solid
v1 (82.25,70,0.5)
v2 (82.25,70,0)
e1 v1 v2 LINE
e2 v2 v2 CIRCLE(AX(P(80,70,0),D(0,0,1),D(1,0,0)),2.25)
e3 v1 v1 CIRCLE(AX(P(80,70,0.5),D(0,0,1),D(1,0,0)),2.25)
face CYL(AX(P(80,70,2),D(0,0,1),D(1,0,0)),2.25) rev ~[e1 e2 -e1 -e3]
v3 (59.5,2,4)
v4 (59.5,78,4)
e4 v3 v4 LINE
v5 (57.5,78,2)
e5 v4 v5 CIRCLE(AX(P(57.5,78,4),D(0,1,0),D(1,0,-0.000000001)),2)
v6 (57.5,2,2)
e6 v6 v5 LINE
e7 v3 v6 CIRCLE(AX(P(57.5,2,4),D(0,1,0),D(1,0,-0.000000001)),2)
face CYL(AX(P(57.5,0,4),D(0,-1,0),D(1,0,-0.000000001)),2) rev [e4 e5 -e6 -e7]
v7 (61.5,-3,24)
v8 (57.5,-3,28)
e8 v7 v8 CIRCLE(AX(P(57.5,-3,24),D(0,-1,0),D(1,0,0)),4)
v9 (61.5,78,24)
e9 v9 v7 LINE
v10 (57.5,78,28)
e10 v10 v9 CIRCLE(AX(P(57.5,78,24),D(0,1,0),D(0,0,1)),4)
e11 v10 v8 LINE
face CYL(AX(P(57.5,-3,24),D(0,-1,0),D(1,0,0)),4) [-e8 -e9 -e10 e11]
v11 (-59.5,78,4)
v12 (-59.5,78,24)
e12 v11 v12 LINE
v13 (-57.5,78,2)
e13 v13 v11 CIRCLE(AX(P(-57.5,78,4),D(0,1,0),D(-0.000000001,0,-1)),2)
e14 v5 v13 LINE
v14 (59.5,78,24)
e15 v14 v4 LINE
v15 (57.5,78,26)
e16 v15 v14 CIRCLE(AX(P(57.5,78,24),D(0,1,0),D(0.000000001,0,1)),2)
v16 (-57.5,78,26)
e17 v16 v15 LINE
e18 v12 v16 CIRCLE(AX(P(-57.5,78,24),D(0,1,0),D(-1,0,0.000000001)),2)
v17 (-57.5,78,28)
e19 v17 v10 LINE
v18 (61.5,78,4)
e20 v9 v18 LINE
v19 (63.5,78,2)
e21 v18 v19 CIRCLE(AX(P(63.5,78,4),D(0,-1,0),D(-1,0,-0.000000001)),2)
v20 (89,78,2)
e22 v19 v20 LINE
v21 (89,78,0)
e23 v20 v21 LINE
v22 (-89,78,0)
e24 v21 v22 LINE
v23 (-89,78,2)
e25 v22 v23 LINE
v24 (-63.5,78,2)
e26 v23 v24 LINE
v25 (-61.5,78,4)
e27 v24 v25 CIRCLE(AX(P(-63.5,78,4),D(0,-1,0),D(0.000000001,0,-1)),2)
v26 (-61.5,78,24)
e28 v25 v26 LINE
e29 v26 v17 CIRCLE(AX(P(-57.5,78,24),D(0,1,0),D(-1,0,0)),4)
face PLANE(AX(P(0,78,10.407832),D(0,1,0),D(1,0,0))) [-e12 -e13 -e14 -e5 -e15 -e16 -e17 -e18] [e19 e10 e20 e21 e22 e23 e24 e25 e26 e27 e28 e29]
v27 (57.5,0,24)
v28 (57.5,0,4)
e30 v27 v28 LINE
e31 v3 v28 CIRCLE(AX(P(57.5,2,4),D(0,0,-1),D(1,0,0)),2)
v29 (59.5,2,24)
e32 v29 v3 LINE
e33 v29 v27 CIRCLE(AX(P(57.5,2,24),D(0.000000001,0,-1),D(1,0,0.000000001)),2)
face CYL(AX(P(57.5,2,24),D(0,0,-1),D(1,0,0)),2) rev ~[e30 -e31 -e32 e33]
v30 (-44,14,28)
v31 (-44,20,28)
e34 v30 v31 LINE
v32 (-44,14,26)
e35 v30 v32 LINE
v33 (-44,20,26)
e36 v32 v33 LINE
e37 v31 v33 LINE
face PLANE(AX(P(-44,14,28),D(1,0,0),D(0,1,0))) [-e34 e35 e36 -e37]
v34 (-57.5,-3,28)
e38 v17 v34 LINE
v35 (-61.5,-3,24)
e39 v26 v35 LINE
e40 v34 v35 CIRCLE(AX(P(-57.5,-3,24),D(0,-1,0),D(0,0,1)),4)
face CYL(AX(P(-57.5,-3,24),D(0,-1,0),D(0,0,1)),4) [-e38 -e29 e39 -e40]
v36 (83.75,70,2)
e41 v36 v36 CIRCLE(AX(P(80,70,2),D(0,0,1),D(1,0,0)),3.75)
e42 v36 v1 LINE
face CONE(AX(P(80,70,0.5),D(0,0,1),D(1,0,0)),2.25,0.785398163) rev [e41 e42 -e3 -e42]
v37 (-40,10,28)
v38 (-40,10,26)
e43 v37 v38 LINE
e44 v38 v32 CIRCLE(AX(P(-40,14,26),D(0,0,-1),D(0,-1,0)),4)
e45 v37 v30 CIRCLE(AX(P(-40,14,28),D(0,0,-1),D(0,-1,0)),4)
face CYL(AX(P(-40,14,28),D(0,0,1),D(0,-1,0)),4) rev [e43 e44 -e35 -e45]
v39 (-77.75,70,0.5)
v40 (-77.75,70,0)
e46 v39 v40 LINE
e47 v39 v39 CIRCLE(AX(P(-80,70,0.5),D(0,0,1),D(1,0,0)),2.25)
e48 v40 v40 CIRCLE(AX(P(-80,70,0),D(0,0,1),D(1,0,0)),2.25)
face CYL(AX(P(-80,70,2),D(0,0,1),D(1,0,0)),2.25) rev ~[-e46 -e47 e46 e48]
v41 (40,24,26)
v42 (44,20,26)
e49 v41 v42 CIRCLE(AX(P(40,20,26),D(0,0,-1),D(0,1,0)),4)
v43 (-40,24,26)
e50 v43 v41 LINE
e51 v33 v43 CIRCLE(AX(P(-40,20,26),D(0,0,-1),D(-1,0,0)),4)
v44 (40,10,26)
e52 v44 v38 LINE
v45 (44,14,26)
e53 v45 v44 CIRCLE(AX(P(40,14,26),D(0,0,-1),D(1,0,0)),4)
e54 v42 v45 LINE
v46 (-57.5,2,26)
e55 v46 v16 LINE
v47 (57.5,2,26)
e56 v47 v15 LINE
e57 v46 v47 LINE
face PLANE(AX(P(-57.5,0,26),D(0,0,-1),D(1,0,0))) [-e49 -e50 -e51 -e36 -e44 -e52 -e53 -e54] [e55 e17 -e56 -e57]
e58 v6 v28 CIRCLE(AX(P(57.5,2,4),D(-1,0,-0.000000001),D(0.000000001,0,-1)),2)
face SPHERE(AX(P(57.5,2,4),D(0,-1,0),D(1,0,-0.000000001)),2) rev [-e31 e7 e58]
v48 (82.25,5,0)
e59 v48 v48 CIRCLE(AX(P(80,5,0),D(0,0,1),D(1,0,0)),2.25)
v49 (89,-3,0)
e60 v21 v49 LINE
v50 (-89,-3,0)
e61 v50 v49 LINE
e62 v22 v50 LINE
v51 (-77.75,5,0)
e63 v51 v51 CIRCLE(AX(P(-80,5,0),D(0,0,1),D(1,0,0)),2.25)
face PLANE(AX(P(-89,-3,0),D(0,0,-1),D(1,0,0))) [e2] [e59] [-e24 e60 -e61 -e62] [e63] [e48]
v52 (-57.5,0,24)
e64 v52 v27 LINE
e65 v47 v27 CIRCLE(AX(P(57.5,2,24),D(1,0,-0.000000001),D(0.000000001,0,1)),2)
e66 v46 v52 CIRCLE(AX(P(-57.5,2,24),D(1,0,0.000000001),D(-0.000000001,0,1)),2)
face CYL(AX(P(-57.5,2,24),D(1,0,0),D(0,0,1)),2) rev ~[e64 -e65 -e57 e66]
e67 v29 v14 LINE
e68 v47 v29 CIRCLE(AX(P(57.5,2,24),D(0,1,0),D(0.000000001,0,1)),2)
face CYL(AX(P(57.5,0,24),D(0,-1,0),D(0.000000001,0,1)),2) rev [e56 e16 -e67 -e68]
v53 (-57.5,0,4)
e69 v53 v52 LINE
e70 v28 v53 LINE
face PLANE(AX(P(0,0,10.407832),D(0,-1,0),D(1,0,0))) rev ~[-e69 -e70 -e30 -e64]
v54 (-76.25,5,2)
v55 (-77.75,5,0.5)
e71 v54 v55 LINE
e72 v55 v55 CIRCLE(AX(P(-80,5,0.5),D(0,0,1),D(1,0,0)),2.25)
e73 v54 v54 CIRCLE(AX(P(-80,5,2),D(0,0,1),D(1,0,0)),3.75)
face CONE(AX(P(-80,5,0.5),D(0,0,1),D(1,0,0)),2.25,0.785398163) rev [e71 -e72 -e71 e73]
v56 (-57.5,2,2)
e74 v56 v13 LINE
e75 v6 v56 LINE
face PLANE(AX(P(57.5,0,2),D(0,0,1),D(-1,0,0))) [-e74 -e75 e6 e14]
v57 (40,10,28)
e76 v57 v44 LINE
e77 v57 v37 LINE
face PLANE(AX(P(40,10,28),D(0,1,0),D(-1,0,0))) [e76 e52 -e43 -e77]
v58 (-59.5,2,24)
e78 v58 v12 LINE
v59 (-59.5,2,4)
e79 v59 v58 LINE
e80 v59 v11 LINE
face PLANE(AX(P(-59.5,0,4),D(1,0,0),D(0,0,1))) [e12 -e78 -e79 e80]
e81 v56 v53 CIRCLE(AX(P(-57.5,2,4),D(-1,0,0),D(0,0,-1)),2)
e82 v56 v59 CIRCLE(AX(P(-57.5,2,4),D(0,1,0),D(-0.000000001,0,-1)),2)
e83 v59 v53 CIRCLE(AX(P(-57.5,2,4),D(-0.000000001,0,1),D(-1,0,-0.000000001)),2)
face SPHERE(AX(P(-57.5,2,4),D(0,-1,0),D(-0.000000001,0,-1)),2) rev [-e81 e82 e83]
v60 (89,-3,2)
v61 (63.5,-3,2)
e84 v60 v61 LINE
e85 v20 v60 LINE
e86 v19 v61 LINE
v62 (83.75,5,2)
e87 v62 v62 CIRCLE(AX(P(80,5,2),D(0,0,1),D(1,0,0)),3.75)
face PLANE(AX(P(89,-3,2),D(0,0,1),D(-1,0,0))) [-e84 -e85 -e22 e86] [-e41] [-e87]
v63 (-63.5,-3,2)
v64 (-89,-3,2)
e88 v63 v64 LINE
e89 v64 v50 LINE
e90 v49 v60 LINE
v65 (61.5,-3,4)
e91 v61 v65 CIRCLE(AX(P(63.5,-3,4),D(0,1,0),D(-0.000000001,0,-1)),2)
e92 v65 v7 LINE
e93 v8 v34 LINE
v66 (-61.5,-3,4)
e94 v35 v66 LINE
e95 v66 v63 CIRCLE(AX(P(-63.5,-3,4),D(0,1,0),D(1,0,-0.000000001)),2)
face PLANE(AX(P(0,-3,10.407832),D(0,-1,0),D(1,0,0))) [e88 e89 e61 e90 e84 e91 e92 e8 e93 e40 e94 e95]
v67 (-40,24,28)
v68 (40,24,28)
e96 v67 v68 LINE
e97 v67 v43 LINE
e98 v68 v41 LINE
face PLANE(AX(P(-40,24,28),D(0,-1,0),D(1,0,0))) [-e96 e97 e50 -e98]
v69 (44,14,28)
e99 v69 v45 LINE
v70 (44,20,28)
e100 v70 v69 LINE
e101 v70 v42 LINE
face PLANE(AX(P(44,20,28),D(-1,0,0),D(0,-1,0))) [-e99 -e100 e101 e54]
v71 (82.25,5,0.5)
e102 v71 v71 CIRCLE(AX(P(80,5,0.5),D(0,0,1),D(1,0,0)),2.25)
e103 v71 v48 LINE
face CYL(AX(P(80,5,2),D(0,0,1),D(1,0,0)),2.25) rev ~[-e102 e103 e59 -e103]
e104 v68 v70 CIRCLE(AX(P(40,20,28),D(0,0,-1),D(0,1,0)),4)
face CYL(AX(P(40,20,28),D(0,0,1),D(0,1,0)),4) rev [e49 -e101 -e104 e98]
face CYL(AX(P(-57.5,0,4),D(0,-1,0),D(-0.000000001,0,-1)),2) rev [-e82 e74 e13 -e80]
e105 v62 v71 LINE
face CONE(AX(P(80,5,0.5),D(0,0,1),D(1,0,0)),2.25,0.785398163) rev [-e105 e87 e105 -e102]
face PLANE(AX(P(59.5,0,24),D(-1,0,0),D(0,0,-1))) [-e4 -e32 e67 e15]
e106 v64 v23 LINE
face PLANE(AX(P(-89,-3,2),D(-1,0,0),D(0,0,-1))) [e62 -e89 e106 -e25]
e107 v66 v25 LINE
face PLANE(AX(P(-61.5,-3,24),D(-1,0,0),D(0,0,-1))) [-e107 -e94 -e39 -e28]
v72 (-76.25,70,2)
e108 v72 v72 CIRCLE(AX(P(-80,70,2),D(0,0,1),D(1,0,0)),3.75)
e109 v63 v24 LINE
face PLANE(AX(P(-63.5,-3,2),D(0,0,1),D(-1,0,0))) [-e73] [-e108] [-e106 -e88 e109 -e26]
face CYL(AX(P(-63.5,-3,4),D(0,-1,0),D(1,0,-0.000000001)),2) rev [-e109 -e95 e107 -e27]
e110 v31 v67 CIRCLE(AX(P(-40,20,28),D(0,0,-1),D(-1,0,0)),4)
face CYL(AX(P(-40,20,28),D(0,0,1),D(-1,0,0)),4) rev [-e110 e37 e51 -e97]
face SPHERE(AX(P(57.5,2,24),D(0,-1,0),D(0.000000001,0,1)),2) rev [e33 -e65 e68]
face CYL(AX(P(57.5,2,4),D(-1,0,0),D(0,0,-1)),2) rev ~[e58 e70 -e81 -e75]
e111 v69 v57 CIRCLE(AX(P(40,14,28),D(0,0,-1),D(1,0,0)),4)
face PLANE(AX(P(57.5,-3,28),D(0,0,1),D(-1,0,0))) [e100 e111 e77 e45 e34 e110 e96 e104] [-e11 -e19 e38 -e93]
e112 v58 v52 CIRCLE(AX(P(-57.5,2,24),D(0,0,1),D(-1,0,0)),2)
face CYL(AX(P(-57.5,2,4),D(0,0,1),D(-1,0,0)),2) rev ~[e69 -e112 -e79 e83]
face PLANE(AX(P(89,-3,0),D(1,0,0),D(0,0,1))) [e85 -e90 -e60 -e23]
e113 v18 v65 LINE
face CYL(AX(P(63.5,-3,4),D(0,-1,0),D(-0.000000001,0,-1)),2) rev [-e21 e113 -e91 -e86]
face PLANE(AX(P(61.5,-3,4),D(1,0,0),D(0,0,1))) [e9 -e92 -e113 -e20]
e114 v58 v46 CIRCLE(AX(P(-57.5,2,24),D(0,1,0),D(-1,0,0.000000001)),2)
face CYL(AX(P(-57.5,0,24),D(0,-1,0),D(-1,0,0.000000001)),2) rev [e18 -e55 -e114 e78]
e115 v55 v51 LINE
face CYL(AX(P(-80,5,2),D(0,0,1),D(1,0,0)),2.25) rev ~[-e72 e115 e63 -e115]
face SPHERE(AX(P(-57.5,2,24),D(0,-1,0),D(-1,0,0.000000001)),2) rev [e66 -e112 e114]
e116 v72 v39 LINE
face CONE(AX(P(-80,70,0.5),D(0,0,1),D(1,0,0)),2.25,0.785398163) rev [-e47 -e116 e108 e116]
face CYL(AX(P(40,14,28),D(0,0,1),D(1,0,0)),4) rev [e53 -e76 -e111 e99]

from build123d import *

# Parameters (mm, degrees)
BOSS_EXTRUDE1_DEPTH = 78
BOSS_EXTRUDE2_START = 3
BOSS_EXTRUDE2_DEPTH = 3
CUT_EXTRUDE1_DEPTH  = 2
FILLET1_R           = 2
SKETCH5_R           = 2.25
CUT_EXTRUDE2_DEPTH  = 122.165176515
CHAMFER1_SIZE       = 1.5


with BuildPart() as part:
    # Sketch2 → Boss-Extrude1 (new body)
    with BuildSketch(Plane(origin=(0, 0, 0), x_dir=(1, 0, 0), z_dir=(0, 1, 0))):
        with BuildLine():
            Line((89, 0), (-89, 0))
            Line((-89, 0), (-89, -2))
            Line((-89, -2), (-63.5, -2))
            ThreePointArc((-63.5, -2), (-62.085786438, -2.585786438), (-61.5, -4))
            Line((-61.5, -4), (-61.5, -24))
            ThreePointArc((-61.5, -24), (-60.328427125, -26.828427125), (-57.5, -28))
            Line((-57.5, -28), (57.5, -28))
            ThreePointArc((57.5, -28), (60.328427125, -26.828427125), (61.5, -24))
            Line((61.5, -24), (61.5, -4))
            ThreePointArc((61.5, -4), (62.085786438, -2.585786438), (63.5, -2))
            Line((63.5, -2), (89, -2))
            Line((89, -2), (89, 0))
        make_face()
        with BuildLine():
            Line((57.5, -2), (-57.5, -2))
            ThreePointArc((-57.5, -2), (-58.914213562, -2.585786438), (-59.5, -4))
            Line((-59.5, -4), (-59.5, -24))
            ThreePointArc((-59.5, -24), (-58.914213562, -25.414213562), (-57.5, -26))
            Line((-57.5, -26), (57.5, -26))
            ThreePointArc((57.5, -26), (58.914213562, -25.414213562), (59.5, -24))
            Line((59.5, -24), (59.5, -4))
            ThreePointArc((59.5, -4), (58.914213562, -2.585786438), (57.5, -2))
        make_face(mode=Mode.SUBTRACT)
    extrude(amount=BOSS_EXTRUDE1_DEPTH)

    # Sketch3 → Boss-Extrude2 (add)
    with BuildSketch(Plane.XZ.offset(BOSS_EXTRUDE2_START)):
        with BuildLine():
            Line((-89, 2), (-89, 0))
            Line((-89, 0), (89, 0))
            Line((89, 0), (89, 2))
            Line((89, 2), (63.5, 2))
            ThreePointArc((63.5, 2), (62.085786438, 2.585786438), (61.5, 4))
            Line((61.5, 4), (61.5, 24))
            ThreePointArc((61.5, 24), (60.328427125, 26.828427125), (57.5, 28))
            Line((57.5, 28), (-57.5, 28))
            ThreePointArc((-57.5, 28), (-60.328427125, 26.828427125), (-61.5, 24))
            Line((-61.5, 24), (-61.5, 4))
            ThreePointArc((-61.5, 4), (-62.085786438, 2.585786438), (-63.5, 2))
            Line((-63.5, 2), (-89, 2))
        make_face()
    extrude(amount=-BOSS_EXTRUDE2_DEPTH)

    # Sketch4 → Cut-Extrude1 (cut)
    with BuildSketch(Plane.XY.offset(28)):
        with BuildLine():
            Line((-40, 24), (40, 24))
            ThreePointArc((40, 24), (42.828427125, 22.828427125), (44, 20))
            Line((44, 20), (44, 14))
            ThreePointArc((44, 14), (42.828427125, 11.171572875), (40, 10))
            Line((40, 10), (-40, 10))
            ThreePointArc((-40, 10), (-42.828427125, 11.171572875), (-44, 14))
            Line((-44, 14), (-44, 20))
            ThreePointArc((-44, 20), (-42.828427125, 22.828427125), (-40, 24))
        make_face()
    extrude(amount=-CUT_EXTRUDE1_DEPTH, mode=Mode.SUBTRACT)

    # Fillet1
    fillet1_edges = [part.edges().sort_by_distance(p)[0] for p in [
        (58.914213562, 0, 25.414213562),
        (59.5, 0, 14),
        (58.914213562, 0, 2.585786438),
        (0, 0, 2),
        (-58.914213562, 0, 2.585786438),
        (-59.5, 0, 14),
        (-58.914213562, 0, 25.414213562),
        (0, 0, 26),
    ]]
    fillet(fillet1_edges, radius=FILLET1_R)

    # Sketch5 → Cut-Extrude2 (cut, through all)
    with BuildSketch(Plane.XY.offset(2)):
        with Locations((-80, 70)):
            Circle(SKETCH5_R)
        with Locations((-80, 5)):
            Circle(SKETCH5_R)
        with Locations((80, 5)):
            Circle(SKETCH5_R)
        with Locations((80, 70)):
            Circle(SKETCH5_R)
    extrude(amount=-CUT_EXTRUDE2_DEPTH, mode=Mode.SUBTRACT)

    # Chamfer1
    chamfer1_edges = [part.edges().sort_by_distance(p)[0] for p in [
        (77.75, 70, 2),
        (77.75, 5, 2),
        (-82.25, 5, 2),
        (-82.25, 70, 2),
    ]]
    chamfer(chamfer1_edges, length=CHAMFER1_SIZE)


solid = part.part
